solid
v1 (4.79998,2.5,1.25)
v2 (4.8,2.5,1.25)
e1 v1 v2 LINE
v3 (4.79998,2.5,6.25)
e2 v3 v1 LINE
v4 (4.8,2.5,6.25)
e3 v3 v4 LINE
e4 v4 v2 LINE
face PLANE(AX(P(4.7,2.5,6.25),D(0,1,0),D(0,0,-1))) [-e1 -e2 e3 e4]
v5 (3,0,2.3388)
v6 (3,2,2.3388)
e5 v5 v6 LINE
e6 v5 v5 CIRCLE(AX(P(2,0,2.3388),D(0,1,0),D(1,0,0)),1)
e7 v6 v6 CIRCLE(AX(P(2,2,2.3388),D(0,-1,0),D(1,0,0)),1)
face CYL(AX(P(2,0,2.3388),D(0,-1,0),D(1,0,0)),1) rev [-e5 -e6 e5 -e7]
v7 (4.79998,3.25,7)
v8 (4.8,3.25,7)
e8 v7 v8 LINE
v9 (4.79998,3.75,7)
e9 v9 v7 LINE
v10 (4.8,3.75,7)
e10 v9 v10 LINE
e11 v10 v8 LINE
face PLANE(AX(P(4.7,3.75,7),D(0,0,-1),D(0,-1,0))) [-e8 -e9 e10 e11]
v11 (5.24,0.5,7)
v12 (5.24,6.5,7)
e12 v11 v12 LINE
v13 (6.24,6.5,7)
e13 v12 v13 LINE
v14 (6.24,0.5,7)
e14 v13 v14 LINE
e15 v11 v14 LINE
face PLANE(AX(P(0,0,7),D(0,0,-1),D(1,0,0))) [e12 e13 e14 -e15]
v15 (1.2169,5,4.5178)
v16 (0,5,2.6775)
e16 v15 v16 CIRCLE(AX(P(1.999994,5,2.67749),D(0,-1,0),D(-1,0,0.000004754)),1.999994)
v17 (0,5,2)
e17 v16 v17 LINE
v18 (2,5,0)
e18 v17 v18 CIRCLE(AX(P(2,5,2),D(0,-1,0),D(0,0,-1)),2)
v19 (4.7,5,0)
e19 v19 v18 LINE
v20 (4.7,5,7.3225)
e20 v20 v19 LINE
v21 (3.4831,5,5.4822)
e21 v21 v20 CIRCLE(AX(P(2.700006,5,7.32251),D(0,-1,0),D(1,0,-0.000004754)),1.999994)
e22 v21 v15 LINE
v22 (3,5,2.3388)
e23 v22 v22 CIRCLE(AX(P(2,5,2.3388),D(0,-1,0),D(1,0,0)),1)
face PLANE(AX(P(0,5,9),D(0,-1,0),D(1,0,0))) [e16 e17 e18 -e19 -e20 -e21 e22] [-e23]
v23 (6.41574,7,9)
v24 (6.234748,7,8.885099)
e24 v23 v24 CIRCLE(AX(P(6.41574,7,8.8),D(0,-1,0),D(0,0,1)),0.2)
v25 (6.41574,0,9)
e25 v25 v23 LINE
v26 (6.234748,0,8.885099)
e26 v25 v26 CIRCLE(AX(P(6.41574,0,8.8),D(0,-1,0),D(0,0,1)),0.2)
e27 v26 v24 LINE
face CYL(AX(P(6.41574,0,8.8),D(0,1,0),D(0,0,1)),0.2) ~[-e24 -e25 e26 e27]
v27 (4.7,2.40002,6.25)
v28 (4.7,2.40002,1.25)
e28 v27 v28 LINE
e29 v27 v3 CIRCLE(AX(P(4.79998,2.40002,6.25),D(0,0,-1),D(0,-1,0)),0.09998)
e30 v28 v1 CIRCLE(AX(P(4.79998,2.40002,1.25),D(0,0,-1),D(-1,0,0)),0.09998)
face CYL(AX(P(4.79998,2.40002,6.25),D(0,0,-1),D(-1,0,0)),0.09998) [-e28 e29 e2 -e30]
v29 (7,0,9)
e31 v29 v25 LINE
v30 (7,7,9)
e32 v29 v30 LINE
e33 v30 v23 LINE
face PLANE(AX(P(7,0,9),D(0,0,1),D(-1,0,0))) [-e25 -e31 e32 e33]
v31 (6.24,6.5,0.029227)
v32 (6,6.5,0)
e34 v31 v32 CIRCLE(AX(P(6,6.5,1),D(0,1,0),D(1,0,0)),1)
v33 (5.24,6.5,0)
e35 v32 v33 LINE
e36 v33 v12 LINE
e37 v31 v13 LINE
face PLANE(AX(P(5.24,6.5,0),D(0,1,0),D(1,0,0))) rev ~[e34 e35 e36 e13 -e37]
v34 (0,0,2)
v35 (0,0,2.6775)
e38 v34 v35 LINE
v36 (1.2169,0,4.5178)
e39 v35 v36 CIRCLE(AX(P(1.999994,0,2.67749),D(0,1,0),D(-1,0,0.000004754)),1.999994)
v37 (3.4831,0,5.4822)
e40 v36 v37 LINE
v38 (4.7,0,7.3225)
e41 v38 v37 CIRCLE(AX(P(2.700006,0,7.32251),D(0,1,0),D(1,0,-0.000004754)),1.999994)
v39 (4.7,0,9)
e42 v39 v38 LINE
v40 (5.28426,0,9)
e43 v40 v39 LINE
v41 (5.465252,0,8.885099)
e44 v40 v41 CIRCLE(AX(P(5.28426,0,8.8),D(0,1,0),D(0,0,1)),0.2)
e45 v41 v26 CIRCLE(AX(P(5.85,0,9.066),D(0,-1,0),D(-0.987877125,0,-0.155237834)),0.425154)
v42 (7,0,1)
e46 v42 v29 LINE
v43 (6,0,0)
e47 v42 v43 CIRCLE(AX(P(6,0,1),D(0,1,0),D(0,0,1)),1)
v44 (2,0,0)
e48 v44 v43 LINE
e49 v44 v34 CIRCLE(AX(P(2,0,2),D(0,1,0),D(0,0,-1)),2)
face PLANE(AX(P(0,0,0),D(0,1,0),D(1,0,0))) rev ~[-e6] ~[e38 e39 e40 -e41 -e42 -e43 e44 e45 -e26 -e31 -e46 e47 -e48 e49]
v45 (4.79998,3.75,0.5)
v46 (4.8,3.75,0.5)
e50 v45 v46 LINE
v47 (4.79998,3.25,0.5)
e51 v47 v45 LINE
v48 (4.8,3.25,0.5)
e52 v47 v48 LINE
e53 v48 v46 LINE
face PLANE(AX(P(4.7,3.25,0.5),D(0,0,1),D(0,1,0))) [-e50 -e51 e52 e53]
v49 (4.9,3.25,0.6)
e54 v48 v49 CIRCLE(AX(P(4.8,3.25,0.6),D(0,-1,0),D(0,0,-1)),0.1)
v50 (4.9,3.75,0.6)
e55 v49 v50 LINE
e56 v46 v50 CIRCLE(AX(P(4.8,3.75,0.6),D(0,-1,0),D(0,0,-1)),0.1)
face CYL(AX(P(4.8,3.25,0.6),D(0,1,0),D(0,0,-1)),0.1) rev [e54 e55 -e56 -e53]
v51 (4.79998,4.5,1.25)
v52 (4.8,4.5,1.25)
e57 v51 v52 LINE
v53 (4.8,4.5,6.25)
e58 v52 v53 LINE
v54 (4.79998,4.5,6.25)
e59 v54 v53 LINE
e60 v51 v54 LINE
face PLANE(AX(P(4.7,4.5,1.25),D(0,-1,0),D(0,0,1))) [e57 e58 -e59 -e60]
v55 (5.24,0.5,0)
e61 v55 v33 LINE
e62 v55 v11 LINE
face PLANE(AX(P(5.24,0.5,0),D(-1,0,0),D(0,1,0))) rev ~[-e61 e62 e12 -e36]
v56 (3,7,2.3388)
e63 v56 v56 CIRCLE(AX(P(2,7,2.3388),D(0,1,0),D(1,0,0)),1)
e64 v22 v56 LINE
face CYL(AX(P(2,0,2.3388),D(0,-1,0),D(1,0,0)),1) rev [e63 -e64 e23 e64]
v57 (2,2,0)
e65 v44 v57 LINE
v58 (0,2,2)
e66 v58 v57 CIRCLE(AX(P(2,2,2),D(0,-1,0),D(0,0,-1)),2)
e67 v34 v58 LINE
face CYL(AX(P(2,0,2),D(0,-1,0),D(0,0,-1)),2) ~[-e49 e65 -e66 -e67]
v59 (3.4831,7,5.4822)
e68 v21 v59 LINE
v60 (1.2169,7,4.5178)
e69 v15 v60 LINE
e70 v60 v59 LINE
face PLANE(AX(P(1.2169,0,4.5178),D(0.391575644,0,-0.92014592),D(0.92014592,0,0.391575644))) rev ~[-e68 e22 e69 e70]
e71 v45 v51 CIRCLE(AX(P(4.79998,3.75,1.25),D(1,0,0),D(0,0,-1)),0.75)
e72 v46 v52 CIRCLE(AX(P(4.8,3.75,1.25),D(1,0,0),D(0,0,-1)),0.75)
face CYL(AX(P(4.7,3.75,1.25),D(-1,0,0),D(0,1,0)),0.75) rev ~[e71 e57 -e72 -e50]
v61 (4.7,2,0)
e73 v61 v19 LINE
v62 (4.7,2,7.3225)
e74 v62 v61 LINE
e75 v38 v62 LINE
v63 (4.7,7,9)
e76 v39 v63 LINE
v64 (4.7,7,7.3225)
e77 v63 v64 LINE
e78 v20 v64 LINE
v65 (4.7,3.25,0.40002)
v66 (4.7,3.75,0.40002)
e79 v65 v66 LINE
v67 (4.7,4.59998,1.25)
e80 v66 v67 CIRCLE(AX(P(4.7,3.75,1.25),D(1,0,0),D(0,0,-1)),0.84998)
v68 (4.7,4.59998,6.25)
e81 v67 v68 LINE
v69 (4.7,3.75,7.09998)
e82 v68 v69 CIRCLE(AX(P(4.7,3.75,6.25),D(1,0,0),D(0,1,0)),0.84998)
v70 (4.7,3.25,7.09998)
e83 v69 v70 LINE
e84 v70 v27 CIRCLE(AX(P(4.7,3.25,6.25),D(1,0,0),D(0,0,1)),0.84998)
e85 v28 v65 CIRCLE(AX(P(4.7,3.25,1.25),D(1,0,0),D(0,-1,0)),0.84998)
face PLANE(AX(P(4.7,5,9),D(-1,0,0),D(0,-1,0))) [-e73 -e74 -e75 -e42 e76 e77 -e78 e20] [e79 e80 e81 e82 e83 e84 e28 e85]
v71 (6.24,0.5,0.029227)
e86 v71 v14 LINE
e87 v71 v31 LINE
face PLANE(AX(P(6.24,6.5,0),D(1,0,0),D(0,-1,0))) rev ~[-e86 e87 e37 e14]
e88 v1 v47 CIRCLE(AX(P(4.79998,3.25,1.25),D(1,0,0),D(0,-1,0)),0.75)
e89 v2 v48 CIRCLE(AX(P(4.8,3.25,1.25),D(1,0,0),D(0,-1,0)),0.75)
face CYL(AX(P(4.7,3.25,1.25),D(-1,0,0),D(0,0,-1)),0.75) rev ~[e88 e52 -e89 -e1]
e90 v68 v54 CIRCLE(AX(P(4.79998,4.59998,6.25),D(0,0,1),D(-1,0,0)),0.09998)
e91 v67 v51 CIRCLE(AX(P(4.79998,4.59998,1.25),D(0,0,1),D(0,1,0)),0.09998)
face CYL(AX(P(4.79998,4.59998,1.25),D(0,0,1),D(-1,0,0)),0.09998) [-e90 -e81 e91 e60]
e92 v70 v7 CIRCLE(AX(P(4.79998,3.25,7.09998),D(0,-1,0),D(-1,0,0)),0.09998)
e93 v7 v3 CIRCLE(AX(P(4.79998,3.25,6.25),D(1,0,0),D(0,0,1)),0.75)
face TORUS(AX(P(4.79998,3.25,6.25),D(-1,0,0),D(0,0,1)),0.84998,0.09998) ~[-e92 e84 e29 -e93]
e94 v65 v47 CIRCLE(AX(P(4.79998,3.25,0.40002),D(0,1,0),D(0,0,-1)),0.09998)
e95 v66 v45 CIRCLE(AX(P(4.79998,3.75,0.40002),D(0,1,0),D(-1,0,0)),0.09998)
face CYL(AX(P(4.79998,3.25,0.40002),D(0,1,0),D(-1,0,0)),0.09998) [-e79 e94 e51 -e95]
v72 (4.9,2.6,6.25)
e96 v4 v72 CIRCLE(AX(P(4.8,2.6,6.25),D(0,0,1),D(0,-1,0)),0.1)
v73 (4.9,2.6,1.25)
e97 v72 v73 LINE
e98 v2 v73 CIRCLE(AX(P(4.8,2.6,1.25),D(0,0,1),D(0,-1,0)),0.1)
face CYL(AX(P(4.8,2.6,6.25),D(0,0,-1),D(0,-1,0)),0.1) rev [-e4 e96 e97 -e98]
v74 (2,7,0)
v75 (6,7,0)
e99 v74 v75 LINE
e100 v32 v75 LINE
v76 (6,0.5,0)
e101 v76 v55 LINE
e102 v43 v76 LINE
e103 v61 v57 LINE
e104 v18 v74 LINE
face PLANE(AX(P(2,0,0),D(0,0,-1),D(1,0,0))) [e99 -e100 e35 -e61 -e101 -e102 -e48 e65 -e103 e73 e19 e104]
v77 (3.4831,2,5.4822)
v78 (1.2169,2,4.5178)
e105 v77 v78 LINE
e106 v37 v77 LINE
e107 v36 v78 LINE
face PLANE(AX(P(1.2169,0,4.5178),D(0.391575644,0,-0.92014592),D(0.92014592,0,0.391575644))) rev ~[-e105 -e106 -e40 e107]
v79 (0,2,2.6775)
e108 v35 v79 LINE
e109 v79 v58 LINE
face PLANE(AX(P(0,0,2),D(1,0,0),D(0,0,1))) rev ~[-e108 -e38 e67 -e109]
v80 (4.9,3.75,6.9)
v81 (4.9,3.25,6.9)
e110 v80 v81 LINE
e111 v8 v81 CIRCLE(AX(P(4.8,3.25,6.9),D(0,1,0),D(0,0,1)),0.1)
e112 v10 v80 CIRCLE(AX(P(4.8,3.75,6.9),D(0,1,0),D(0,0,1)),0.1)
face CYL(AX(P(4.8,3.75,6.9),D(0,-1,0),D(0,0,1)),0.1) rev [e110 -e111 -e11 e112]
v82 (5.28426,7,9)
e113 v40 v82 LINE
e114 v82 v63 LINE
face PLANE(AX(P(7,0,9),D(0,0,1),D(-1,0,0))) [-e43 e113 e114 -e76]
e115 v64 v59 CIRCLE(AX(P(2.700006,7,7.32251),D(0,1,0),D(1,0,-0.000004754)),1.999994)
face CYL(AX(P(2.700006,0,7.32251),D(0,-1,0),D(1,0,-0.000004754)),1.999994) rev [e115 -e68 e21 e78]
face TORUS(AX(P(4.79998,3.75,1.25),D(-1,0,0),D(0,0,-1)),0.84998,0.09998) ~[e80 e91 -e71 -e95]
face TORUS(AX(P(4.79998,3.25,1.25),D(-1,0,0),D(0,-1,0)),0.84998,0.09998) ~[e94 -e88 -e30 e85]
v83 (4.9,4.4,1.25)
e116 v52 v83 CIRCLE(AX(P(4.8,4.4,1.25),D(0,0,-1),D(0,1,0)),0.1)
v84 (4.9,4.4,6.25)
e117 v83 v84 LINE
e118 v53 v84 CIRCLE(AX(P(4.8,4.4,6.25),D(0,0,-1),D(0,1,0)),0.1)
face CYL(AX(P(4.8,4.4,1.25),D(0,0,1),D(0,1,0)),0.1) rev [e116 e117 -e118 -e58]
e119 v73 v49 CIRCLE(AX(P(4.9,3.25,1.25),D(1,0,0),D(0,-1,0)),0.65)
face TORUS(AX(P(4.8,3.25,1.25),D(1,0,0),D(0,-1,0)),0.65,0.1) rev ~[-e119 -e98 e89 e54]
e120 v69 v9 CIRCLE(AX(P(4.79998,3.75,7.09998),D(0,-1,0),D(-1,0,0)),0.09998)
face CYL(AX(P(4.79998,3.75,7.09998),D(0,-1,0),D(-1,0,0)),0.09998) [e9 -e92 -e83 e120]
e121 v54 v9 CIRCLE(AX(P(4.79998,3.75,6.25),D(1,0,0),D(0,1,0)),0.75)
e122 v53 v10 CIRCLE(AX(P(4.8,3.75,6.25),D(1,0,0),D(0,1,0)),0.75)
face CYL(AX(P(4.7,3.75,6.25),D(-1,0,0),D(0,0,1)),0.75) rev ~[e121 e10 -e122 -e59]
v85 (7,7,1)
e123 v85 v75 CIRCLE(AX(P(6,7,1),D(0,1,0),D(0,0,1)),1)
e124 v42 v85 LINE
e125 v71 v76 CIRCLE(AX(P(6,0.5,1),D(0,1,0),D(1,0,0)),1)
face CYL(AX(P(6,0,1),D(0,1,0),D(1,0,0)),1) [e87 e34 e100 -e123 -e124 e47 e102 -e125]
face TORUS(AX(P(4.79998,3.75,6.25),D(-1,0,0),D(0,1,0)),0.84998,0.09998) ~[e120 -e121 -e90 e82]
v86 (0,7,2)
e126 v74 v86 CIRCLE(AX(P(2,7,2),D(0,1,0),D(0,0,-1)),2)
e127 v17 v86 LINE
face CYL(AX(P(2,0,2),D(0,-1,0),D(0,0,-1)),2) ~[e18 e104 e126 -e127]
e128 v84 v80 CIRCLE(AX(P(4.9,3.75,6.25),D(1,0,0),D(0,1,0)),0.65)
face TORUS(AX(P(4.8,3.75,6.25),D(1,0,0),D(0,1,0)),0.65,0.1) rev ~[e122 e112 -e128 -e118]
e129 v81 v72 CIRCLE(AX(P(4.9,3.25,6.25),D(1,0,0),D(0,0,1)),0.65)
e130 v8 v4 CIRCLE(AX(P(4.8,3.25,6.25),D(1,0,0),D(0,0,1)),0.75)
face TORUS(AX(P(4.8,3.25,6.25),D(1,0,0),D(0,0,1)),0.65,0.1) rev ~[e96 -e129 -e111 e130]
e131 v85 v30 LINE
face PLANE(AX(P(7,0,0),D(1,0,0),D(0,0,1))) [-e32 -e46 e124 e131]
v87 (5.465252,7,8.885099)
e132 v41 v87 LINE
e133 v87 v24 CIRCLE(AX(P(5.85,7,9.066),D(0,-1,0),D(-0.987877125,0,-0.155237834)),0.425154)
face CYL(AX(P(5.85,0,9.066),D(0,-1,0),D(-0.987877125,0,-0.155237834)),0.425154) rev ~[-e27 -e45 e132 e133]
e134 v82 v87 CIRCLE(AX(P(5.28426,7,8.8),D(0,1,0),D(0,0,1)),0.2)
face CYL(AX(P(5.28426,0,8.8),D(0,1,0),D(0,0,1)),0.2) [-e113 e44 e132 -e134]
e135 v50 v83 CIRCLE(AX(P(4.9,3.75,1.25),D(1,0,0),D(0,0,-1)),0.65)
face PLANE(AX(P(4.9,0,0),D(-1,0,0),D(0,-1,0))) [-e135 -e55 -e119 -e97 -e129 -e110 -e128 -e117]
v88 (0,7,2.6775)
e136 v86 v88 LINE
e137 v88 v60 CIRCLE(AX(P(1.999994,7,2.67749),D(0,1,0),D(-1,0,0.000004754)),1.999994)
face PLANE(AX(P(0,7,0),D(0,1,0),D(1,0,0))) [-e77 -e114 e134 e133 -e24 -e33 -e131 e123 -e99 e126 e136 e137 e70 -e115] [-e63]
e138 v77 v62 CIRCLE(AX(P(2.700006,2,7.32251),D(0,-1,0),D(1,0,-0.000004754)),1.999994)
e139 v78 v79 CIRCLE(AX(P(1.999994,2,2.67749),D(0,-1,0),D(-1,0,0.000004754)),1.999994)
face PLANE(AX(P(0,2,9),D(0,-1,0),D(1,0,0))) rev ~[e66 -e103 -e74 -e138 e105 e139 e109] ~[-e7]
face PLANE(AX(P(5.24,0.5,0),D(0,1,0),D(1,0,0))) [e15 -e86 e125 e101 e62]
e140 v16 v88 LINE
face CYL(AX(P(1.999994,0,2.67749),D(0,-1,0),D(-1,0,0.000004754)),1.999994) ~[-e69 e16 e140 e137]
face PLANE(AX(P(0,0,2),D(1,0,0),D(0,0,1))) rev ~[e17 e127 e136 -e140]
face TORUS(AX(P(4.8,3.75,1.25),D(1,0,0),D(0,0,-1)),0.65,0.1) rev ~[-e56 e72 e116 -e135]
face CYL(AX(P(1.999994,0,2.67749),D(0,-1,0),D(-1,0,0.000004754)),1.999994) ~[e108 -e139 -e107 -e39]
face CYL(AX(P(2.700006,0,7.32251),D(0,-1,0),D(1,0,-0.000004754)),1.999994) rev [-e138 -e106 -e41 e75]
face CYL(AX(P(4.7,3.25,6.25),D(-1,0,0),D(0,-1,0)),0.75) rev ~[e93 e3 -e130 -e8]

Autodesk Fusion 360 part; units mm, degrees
sketch "Sketch1" plane through (0, 0, 0) normal (0, 1, 0) x (1, 0, 0)
  line L0 (2, 0) -> (7, 0)
  line L1 (7, 0) -> (7, -9)
  line L2 (7, -9) -> (4.7, -9)
  line L3 (4.7, -9) -> (4.7, -7.3225)
  line L4 (0, -2) -> (0, -2.6775)
  line L5 (1.2169, -4.5178) -> (3.4831, -5.4822)
  arc A0 (4.7, -7.3225) -> (3.4831, -5.4822) centre (2.7, -7.3225) ccw
  arc A1 (0, -2.6775) -> (1.2169, -4.5178) centre (2, -2.6775) ccw
  arc A2 (2, 0) -> (0, -2) centre (2, -2) ccw
  circle A3 centre (2, -2.3388) radius 1
  point P0 (4.7, -6)
  point P1 (0, -4)
  dimension "d1" = 7
  dimension "d3" = 2.3
  dimension "d4" = 3
  dimension "d5" = 4
  dimension "d6" = 2
  dimension "d7" = 2
  dimension "d8" = 2
  dimension "d10" = 2
extrude "Extrude1" add sketch "Sketch1" along normal blind 7
sketch "Sketch2" plane through (0, 0, 9) normal (0, 0, 1) x (-1, 0, 0)
  line L0 (-4.7, 0) -> (-7, 0)
  line L1 (-7, 0) -> (-7, -7)
  line L2 (-7, -7) -> (-4.7, -7)
  line L3 (-4.7, -7) -> (-4.7, 0)
  line L4 (-4.7, -7) -> (0, -7)
  line L5 (0, -7) -> (0, -5)
  line L6 (0, -5) -> (-4.7, -5)
  line L7 (-4.7, -5) -> (-4.7, -7)
  line L8 (-4.7, 0) -> (0, 0)
  line L9 (0, 0) -> (0, -2)
  line L10 (0, -2) -> (-4.7, -2)
  line L11 (-4.7, -2) -> (-4.7, 0)
  line L12 (0, -5) -> (-4.7, -5)
  line L13 (-4.7, -5) -> (-4.7, -2)
  line L14 (-4.7, -2) -> (0, -2)
  line L15 (0, -2) -> (0, -5)
extrude "Extrude2" cut sketch "Sketch2" against normal blind 10 contours L3 L6 L10 L12 L13 L14 L15
sketch "Sketch3" plane through (4.7, 0, 0) normal (-1, 0, 0) x (0, -1, 0)
  line L0 (0, 9) -> (-7, 9)
  line L1 (-7, 9) -> (-7, 7.3225)
  line L2 (-7, 7.3225) -> (-5, 7.3225)
  line L3 (-5, 7.3225) -> (-5, 0)
  line L4 (-5, 0) -> (-2, 0)
  line L5 (-2, 0) -> (-2, 7.3225)
  line L6 (-2, 7.3225) -> (0, 7.3225)
  line L7 (0, 7.3225) -> (0, 9)
  line L8 (-3.75, 7) -> (-3.25, 7)
  line L9 (-2.5, 6.25) -> (-2.5, 1.25)
  line L10 (-3.25, 0.5) -> (-3.75, 0.5)
  line L11 (-4.5, 1.25) -> (-4.5, 6.25)
  arc A0 (-3.75, 7) -> (-4.5, 6.25) centre (-3.75, 6.25) ccw
  arc A1 (-2.5, 6.25) -> (-3.25, 7) centre (-3.25, 6.25) ccw
  arc A2 (-4.5, 1.25) -> (-3.75, 0.5) centre (-3.75, 1.25) ccw
  arc A3 (-3.25, 0.5) -> (-2.5, 1.25) centre (-3.25, 1.25) ccw
  dimension "d15" = 0.75
extrude "Extrude3" cut sketch "Sketch3" against normal blind 0.2 contours L8 L9 L10 L11 A0 A1 A2 A3
fillet "Fillet1" radius 0.1 8 edges at (4.9, 3.5, 7) (4.9, 2.7197, 6.7803) (4.9, 2.5, 3.75) (4.9, 2.7197, 0.7197) (4.9, 3.5, 0.5) (4.9, 4.2803, 0.7197) (4.9, 4.5, 3.75) (4.9, 4.2803, 6.7803)
sketch "Sketch4" plane through (0, 0, 0) normal (0, -1, 0) x (1, 0, 0)
  circle A0 centre (2, 2.3388) radius 1
  line L0 (2, 0) -> (7, 0)
  line L1 (7, 0) -> (7, 9)
  line L2 (7, 9) -> (4.7, 9)
  line L3 (4.7, 9) -> (4.7, 7.3225)
  arc A1 (3.4831, 5.4822) -> (4.7, 7.3225) centre (2.7, 7.3225) ccw
  line L4 (3.4831, 5.4822) -> (1.2169, 4.5178)
  arc A2 (1.2169, 4.5178) -> (0, 2.6775) centre (2, 2.6775) ccw
  line L5 (0, 2.6775) -> (0, 2)
  arc A3 (0, 2) -> (2, 0) centre (2, 2) ccw
  line L6 (4.7, 9) -> (5.43, 9)
  line L7 (7, 9) -> (6.27, 9)
  arc A4 (5.43, 9) -> (6.27, 9) centre (5.85, 9.066) ccw
  line L8 (5.43, 9) -> (6.27, 9)
  dimension "d20" = 0.73
  dimension "d21" = 0.73
extrude "Extrude4" cut sketch "Sketch4" against normal blind 7 contours L2 A4 L8
fillet "Fillet2" radius 0.2 2 edges at (5.43, 3.5, 9) (6.27, 3.5, 9)
fillet "Fillet4" radius 1 1 edges at (7, 3.5, 0)
sketch "Sketch5" plane through (0, 0, 0) normal (0, 0, -1) x (1, 0, 0)
  line L0 (6, -7) -> (6, 0)
  line L1 (6, 0) -> (2, 0)
  line L2 (2, 0) -> (2, -2)
  line L3 (2, -2) -> (4.7, -2)
  line L4 (4.7, -2) -> (4.7, -5)
  line L5 (4.7, -5) -> (2, -5)
  line L6 (2, -5) -> (2, -7)
  line L7 (2, -7) -> (6, -7)
  line L8 (7, 0) -> (6.24, 0)
  line L9 (6.24, 0) -> (5.24, 0)
  line L10 (5.24, 0) -> (5.24, -6.5)
  line L11 (6.24, -6.5) -> (6.24, 0)
  line L12 (5.24, 0) -> (5.24, -0.5)
  line L13 (5.24, -0.5) -> (6.24, -0.5)
  line L14 (5.24, -6.5) -> (6.24, -6.5)
  dimension "d30" = 0.76
  dimension "d31" = 1
  dimension "d33" = 0.5
extrude "Extrude5" cut sketch "Sketch5" against normal blind 7 contours L0 L10 L13 L14 | L0 L11 L13 L14
fillet "Fillet5" radius 0.1 8 edges at (4.7, 3.5, 7) (4.7, 2.7197, 6.7803) (4.7, 2.5, 3.75) (4.7, 2.7197, 0.7197) (4.7, 3.5, 0.5) (4.7, 4.2803, 0.7197) (4.7, 4.5, 3.75) (4.7, 4.2803, 6.7803)
